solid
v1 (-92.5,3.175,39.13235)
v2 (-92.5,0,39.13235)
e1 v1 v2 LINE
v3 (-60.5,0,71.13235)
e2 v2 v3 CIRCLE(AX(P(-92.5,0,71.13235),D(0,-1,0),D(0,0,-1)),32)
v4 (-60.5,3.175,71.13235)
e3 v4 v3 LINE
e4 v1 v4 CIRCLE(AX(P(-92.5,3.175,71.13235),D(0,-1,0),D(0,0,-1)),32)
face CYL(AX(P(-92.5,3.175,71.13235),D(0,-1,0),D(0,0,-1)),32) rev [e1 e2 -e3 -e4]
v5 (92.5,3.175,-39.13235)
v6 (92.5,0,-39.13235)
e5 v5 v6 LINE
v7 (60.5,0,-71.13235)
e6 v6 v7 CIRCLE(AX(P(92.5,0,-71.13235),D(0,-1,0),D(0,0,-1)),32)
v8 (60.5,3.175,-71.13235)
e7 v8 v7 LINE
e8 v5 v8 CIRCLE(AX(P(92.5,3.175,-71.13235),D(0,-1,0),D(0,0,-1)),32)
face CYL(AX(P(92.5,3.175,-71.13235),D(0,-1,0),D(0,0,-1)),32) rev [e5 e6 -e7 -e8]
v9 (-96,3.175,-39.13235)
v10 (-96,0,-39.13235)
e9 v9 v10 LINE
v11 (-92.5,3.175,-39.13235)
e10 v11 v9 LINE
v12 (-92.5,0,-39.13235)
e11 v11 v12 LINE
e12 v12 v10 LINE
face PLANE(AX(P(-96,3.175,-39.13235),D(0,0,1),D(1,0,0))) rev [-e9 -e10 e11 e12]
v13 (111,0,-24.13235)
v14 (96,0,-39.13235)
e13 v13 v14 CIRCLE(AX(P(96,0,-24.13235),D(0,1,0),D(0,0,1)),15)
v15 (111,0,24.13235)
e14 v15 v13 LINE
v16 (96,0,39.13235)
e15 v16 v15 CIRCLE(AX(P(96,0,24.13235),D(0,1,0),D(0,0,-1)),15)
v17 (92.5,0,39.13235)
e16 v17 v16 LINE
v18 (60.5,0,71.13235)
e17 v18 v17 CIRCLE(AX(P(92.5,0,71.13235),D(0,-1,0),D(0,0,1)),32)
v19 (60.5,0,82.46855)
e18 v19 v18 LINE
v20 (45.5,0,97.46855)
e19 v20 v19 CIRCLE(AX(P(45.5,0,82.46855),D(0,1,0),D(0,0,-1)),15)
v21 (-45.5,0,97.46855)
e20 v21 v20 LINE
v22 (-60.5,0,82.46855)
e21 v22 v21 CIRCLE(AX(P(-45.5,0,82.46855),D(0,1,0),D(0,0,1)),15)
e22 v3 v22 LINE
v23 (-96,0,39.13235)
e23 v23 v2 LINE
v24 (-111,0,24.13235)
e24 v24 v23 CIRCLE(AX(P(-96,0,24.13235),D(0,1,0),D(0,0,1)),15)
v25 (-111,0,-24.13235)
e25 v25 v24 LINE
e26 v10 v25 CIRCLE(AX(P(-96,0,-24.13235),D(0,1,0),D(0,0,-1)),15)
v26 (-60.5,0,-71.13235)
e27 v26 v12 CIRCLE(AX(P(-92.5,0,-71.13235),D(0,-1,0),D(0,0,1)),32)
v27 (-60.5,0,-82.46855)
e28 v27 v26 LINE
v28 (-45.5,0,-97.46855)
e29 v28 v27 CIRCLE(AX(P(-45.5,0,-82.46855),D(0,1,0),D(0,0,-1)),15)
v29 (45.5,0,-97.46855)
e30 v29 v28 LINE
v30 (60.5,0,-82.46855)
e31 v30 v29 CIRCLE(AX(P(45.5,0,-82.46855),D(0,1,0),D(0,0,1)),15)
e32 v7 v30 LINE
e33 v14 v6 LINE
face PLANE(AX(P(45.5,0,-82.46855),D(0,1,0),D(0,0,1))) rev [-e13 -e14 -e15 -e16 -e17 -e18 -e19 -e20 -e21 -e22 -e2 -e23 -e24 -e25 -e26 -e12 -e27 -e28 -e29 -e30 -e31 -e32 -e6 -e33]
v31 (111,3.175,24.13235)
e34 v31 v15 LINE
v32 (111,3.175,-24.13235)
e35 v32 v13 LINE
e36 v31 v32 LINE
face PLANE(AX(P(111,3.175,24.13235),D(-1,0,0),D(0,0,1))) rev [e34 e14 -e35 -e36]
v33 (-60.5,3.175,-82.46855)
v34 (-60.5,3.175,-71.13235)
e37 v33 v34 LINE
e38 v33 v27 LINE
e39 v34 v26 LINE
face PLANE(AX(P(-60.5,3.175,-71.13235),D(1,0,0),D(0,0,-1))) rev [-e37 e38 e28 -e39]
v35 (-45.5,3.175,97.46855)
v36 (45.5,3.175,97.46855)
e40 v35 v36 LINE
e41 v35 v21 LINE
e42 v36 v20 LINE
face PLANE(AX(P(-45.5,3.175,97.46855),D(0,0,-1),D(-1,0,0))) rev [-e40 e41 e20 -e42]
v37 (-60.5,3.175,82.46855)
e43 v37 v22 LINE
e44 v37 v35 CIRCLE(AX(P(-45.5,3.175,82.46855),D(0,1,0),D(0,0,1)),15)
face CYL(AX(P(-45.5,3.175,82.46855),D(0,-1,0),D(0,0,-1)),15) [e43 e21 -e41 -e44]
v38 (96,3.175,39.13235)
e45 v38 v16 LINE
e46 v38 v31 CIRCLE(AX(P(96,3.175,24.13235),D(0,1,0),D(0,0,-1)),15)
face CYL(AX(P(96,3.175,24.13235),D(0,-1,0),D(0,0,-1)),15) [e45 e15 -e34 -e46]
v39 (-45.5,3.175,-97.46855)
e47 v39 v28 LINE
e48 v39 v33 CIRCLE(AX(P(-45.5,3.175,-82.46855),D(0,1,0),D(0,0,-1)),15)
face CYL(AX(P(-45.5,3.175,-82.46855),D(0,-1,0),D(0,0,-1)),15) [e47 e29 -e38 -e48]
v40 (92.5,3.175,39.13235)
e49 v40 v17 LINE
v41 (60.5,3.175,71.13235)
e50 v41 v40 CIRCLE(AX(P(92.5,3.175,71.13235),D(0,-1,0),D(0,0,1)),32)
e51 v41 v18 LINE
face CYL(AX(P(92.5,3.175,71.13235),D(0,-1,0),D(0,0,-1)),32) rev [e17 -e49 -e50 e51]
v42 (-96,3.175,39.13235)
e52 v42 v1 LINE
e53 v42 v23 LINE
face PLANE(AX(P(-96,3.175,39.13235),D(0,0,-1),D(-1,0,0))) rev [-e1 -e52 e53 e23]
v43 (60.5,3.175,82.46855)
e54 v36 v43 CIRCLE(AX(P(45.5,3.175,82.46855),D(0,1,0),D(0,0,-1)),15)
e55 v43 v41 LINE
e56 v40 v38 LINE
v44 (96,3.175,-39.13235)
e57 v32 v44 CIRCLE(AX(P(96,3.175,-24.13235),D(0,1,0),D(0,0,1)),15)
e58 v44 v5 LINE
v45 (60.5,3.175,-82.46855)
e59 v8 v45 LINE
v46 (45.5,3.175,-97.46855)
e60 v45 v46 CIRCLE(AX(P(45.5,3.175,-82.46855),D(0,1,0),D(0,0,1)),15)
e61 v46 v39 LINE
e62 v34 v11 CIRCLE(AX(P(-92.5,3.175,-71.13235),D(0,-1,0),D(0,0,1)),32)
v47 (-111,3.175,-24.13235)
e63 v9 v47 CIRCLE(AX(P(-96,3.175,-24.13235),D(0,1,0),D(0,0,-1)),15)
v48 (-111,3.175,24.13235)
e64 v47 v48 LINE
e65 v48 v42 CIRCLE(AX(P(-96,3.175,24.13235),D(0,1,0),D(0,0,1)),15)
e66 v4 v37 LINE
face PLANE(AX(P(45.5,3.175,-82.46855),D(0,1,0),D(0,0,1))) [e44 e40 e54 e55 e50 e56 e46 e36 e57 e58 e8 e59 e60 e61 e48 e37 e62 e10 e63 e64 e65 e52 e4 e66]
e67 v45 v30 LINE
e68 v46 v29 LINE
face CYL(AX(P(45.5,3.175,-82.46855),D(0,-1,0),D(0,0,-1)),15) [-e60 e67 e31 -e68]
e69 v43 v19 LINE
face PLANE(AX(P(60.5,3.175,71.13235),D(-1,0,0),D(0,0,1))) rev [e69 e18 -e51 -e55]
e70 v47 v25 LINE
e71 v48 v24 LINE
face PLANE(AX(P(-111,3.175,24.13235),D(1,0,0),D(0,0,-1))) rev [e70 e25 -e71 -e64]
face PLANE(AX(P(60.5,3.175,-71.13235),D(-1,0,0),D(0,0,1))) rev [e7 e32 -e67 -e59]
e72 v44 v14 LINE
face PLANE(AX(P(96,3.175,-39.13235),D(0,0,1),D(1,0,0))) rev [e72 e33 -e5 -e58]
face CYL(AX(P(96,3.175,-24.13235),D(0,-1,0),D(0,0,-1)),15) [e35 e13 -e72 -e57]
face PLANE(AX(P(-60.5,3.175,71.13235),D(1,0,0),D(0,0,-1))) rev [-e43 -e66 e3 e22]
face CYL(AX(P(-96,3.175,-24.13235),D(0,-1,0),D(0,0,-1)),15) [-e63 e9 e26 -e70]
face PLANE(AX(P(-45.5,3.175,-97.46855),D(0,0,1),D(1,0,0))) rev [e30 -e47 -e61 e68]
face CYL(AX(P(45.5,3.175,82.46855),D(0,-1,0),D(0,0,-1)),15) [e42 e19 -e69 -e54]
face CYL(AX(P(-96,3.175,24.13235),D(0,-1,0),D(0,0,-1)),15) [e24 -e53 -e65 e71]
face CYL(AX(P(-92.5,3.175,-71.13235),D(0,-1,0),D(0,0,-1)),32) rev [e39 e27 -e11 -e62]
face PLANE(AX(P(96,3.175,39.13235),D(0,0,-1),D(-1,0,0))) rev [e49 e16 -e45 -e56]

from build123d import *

# Parameters (mm, degrees)
BOSS_EXTRUDE1_DEPTH = 3.175


with BuildPart() as part:
    # Sketch1 → Boss-Extrude1 (new body)
    with BuildSketch(Plane(origin=(0, 0, 0), x_dir=(1, 0, 0), z_dir=(0, 1, 0))):
        with BuildLine():
            Line((-96, 39.13235), (-92.5, 39.13235))
            ThreePointArc((-92.5, 39.13235), (-69.872583002, 48.504933002), (-60.5, 71.13235))
            Line((-60.5, 71.13235), (-60.5, 82.46855))
            ThreePointArc((-60.5, 82.46855), (-56.106601718, 93.075151718), (-45.5, 97.46855))
            Line((-45.5, 97.46855), (45.5, 97.46855))
            ThreePointArc((45.5, 97.46855), (56.106601718, 93.075151718), (60.5, 82.46855))
            Line((60.5, 82.46855), (60.5, 71.13235))
            ThreePointArc((60.5, 71.13235), (69.872583002, 48.504933002), (92.5, 39.13235))
            Line((92.5, 39.13235), (96, 39.13235))
            ThreePointArc((96, 39.13235), (106.606601718, 34.738951718), (111, 24.13235))
            Line((111, 24.13235), (111, -24.13235))
            ThreePointArc((111, -24.13235), (106.606601718, -34.738951718), (96, -39.13235))
            Line((96, -39.13235), (92.5, -39.13235))
            ThreePointArc((92.5, -39.13235), (69.872583002, -48.504933002), (60.5, -71.13235))
            Line((60.5, -71.13235), (60.5, -82.46855))
            ThreePointArc((60.5, -82.46855), (56.106601718, -93.075151718), (45.5, -97.46855))
            Line((45.5, -97.46855), (-45.5, -97.46855))
            ThreePointArc((-45.5, -97.46855), (-56.106601718, -93.075151718), (-60.5, -82.46855))
            Line((-60.5, -82.46855), (-60.5, -71.13235))
            ThreePointArc((-60.5, -71.13235), (-69.872583002, -48.504933002), (-92.5, -39.13235))
            Line((-92.5, -39.13235), (-96, -39.13235))
            ThreePointArc((-96, -39.13235), (-106.606601718, -34.738951718), (-111, -24.13235))
            Line((-111, -24.13235), (-111, 24.13235))
            ThreePointArc((-111, 24.13235), (-106.606601718, 34.738951718), (-96, 39.13235))
        make_face()
    extrude(amount=BOSS_EXTRUDE1_DEPTH)


solid = part.part
